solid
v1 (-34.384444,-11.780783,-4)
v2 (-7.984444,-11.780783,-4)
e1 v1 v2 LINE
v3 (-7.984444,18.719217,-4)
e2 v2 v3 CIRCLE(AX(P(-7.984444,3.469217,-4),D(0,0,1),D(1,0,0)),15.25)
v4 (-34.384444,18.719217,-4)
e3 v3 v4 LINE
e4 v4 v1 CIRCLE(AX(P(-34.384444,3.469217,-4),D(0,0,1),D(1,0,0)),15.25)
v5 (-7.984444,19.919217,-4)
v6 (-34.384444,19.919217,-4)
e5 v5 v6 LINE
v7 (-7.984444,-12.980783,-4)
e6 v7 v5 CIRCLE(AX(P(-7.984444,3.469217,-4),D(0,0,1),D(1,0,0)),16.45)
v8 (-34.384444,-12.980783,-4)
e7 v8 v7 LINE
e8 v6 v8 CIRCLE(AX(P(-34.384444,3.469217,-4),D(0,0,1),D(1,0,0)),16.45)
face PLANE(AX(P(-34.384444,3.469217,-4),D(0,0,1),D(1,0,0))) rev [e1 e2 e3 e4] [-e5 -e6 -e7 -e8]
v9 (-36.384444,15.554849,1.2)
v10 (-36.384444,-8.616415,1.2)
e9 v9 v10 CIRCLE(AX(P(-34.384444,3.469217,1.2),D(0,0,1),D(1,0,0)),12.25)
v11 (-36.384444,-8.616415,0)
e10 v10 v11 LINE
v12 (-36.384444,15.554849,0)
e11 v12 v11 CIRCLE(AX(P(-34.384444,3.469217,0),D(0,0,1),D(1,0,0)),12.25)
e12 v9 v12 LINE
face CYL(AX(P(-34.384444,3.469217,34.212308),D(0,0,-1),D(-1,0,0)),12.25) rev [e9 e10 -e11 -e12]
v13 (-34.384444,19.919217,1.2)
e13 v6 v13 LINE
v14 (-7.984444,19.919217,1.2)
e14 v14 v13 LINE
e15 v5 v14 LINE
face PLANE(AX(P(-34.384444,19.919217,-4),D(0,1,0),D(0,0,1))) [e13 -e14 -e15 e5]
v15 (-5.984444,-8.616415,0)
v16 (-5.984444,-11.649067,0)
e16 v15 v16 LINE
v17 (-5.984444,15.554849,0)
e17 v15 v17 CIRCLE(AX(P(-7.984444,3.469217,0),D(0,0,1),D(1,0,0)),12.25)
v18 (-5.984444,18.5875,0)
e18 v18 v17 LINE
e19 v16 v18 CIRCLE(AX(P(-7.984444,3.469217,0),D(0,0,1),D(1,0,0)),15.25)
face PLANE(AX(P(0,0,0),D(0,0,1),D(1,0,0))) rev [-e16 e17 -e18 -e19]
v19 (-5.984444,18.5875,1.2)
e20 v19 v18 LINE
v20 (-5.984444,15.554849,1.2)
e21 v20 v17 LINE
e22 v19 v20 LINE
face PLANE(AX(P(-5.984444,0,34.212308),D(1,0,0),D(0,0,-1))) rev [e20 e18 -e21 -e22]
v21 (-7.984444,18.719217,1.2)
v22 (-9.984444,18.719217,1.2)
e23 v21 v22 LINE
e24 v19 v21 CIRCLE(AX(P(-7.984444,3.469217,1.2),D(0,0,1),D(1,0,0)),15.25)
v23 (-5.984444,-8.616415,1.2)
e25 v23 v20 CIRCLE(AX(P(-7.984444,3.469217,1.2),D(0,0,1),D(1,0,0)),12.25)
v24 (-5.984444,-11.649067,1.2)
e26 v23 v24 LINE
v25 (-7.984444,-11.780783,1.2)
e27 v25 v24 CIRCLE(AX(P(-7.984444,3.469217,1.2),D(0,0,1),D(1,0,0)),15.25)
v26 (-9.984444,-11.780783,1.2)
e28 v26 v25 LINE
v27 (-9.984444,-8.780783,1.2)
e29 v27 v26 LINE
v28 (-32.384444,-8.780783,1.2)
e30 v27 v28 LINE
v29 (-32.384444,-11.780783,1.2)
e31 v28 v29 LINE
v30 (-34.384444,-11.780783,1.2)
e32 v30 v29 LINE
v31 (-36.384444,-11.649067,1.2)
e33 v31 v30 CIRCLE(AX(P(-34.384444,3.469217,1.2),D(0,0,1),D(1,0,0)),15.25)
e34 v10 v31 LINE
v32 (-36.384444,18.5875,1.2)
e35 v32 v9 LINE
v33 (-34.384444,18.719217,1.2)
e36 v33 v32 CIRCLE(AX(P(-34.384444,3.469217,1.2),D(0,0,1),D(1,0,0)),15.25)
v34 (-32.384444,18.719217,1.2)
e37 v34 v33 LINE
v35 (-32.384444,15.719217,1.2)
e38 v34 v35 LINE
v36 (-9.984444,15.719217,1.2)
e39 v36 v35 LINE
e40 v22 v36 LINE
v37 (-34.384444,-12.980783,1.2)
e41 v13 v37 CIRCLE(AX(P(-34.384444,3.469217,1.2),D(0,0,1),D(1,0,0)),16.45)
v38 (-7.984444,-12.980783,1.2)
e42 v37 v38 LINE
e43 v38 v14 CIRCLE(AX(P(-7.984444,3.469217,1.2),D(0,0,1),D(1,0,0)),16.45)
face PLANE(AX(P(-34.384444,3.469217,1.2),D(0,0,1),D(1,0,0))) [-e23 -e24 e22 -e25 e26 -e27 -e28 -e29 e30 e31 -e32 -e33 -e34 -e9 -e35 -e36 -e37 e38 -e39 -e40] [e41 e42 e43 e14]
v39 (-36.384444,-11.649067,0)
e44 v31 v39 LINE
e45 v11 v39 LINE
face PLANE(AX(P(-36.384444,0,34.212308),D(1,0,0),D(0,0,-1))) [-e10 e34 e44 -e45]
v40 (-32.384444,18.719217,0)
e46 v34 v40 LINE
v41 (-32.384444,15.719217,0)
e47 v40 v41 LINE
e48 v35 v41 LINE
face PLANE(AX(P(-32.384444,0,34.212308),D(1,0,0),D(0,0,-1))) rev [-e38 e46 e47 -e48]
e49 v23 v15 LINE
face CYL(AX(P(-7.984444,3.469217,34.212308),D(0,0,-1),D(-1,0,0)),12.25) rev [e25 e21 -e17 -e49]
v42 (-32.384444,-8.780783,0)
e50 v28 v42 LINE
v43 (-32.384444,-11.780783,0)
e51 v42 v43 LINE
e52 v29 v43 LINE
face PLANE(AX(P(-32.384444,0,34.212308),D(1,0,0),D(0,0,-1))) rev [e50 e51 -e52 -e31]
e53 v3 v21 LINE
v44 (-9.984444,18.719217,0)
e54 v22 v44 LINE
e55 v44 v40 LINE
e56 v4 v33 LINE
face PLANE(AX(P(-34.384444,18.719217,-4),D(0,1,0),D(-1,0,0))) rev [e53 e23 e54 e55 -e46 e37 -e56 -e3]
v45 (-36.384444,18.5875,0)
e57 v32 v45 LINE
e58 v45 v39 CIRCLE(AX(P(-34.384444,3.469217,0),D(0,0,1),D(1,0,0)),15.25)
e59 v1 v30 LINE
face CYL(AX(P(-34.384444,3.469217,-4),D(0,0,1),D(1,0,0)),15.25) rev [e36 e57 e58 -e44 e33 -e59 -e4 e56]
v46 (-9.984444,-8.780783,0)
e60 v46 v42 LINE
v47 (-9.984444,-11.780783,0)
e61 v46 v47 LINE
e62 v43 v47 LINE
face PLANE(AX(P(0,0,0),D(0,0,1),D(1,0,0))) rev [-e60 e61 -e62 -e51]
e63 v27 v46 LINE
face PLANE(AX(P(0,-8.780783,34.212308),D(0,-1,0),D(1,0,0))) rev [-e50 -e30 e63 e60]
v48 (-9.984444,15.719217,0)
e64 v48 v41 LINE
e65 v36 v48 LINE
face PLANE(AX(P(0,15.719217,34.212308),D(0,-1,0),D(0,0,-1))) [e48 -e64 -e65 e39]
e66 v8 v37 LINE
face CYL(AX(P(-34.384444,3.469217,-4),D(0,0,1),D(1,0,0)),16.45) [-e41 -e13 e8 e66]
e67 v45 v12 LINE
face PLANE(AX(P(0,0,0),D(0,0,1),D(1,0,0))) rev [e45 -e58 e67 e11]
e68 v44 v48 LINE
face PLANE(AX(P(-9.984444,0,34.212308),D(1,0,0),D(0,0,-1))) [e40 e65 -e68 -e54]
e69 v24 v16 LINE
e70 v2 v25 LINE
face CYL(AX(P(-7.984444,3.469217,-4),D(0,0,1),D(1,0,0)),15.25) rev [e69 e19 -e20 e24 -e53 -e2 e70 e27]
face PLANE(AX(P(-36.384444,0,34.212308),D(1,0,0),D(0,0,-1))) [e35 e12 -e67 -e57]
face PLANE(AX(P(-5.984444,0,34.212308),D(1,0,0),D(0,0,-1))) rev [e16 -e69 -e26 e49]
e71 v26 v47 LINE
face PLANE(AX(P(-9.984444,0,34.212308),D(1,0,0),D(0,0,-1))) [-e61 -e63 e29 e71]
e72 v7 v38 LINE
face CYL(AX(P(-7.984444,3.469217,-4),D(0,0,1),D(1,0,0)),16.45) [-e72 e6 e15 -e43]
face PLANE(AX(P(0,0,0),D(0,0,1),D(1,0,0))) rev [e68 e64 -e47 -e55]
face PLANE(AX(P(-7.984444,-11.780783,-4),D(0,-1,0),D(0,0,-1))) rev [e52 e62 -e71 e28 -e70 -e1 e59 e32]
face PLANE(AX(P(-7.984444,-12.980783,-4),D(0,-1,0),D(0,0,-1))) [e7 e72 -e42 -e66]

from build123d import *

# Parameters (mm, degrees)
BOSS_EXTRUDE1_DEPTH      = 1.2
BOSS_EXTRUDE1_DEPTH_BACK = 4
SKETCH3_W                = 22.4
SKETCH3_H                = 1.5
BOSS_EXTRUDE2_DEPTH      = 1.2


with BuildPart() as part:
    # Sketch1 → Boss-Extrude1 (new, two sides: drawn at the far end of the back side and taken through both)
    with BuildSketch(Plane.XY.offset(-BOSS_EXTRUDE1_DEPTH_BACK)):
        with BuildLine():
            Line((-34.384444189, 19.919216619), (-7.984444189, 19.919216619))
            ThreePointArc((-7.984444189, 19.919216619), (8.465555811, 3.469216619), (-7.984444189, -12.980783381))
            Line((-7.984444189, -12.980783381), (-34.384444189, -12.980783381))
            ThreePointArc((-34.384444189, -12.980783381), (-50.834444189, 3.469216619), (-34.384444189, 19.919216619))
        make_face()
        with BuildLine():
            Line((-34.384444189, 18.719216619), (-7.984444189, 18.719216619))
            ThreePointArc((-7.984444189, 18.719216619), (7.265555811, 3.469216619), (-7.984444189, -11.780783381))
            Line((-7.984444189, -11.780783381), (-34.384444189, -11.780783381))
            ThreePointArc((-34.384444189, -11.780783381), (-49.634444189, 3.469216619), (-34.384444189, 18.719216619))
        make_face(mode=Mode.SUBTRACT)
    extrude(amount=BOSS_EXTRUDE1_DEPTH + BOSS_EXTRUDE1_DEPTH_BACK)

    # Sketch3 → Boss-Extrude2 (add)
    with BuildSketch(Plane.XY):
        with BuildLine():
            Line((-36.384444189, 17.07298448), (-36.384444189, 18.587500252))
            ThreePointArc((-36.384444189, 18.587500252), (-49.634444189, 3.469216619), (-36.384444189, -11.649067014))
            Line((-36.384444189, -11.649067014), (-36.384444189, -10.134551241))
            ThreePointArc((-36.384444189, -10.134551241), (-48.134444189, 3.469216619), (-36.384444189, 17.07298448))
        make_face()
        with BuildLine():
            Line((-36.384444189, 15.554848584), (-36.384444189, 17.07298448))
            ThreePointArc((-36.384444189, 17.07298448), (-48.134444189, 3.469216619), (-36.384444189, -10.134551241))
            Line((-36.384444189, -10.134551241), (-36.384444189, -8.616415346))
            ThreePointArc((-36.384444189, -8.616415346), (-46.634444189, 3.469216619), (-36.384444189, 15.554848584))
        make_face()
        with Locations((-21.184444189, 17.969216619)):
            Rectangle(SKETCH3_W, SKETCH3_H)
        with Locations((-21.184444189, 16.469216619)):
            Rectangle(SKETCH3_W, SKETCH3_H)
        with BuildLine():
            ThreePointArc((4.998717984, 11.469216619), (0.309606549, 16.266529711), (-5.984444189, 18.587500252))
            Line((-5.984444189, 18.587500252), (-5.984444189, 17.07298448))
            ThreePointArc((-5.984444189, 17.07298448), (-0.822090303, 15.206472977), (3.198690434, 11.469216619))
            Line((3.198690434, 11.469216619), (4.998717984, 11.469216619))
        make_face()
        with BuildLine():
            ThreePointArc((3.198690434, 11.469216619), (-0.822090303, 15.206472977), (-5.984444189, 17.07298448))
            Line((-5.984444189, 17.07298448), (-5.984444189, 15.554848584))
            ThreePointArc((-5.984444189, 15.554848584), (4.265555811, 3.469216619), (-5.984444189, -8.616415346))
            Line((-5.984444189, -8.616415346), (-5.984444189, -10.134551241))
            ThreePointArc((-5.984444189, -10.134551241), (-0.822090303, -8.268039739), (3.198690434, -4.530783381))
            Line((3.198690434, -4.530783381), (4.998717984, -4.530783381))
            ThreePointArc((4.998717984, -4.530783381), (7.265555811, 3.469216619), (4.998717984, 11.469216619))
            Line((4.998717984, 11.469216619), (3.198690434, 11.469216619))
        make_face()
        with BuildLine():
            ThreePointArc((-5.984444189, -11.649067014), (0.309606549, -9.328096472), (4.998717984, -4.530783381))
            Line((4.998717984, -4.530783381), (3.198690434, -4.530783381))
            ThreePointArc((3.198690434, -4.530783381), (-0.822090303, -8.268039739), (-5.984444189, -10.134551241))
            Line((-5.984444189, -10.134551241), (-5.984444189, -11.649067014))
        make_face()
        with Locations((-21.184444189, -9.530783381)):
            Rectangle(SKETCH3_W, SKETCH3_H)
        with Locations((-21.184444189, -11.030783381)):
            Rectangle(SKETCH3_W, SKETCH3_H)
    extrude(amount=BOSS_EXTRUDE2_DEPTH)


solid = part.part
